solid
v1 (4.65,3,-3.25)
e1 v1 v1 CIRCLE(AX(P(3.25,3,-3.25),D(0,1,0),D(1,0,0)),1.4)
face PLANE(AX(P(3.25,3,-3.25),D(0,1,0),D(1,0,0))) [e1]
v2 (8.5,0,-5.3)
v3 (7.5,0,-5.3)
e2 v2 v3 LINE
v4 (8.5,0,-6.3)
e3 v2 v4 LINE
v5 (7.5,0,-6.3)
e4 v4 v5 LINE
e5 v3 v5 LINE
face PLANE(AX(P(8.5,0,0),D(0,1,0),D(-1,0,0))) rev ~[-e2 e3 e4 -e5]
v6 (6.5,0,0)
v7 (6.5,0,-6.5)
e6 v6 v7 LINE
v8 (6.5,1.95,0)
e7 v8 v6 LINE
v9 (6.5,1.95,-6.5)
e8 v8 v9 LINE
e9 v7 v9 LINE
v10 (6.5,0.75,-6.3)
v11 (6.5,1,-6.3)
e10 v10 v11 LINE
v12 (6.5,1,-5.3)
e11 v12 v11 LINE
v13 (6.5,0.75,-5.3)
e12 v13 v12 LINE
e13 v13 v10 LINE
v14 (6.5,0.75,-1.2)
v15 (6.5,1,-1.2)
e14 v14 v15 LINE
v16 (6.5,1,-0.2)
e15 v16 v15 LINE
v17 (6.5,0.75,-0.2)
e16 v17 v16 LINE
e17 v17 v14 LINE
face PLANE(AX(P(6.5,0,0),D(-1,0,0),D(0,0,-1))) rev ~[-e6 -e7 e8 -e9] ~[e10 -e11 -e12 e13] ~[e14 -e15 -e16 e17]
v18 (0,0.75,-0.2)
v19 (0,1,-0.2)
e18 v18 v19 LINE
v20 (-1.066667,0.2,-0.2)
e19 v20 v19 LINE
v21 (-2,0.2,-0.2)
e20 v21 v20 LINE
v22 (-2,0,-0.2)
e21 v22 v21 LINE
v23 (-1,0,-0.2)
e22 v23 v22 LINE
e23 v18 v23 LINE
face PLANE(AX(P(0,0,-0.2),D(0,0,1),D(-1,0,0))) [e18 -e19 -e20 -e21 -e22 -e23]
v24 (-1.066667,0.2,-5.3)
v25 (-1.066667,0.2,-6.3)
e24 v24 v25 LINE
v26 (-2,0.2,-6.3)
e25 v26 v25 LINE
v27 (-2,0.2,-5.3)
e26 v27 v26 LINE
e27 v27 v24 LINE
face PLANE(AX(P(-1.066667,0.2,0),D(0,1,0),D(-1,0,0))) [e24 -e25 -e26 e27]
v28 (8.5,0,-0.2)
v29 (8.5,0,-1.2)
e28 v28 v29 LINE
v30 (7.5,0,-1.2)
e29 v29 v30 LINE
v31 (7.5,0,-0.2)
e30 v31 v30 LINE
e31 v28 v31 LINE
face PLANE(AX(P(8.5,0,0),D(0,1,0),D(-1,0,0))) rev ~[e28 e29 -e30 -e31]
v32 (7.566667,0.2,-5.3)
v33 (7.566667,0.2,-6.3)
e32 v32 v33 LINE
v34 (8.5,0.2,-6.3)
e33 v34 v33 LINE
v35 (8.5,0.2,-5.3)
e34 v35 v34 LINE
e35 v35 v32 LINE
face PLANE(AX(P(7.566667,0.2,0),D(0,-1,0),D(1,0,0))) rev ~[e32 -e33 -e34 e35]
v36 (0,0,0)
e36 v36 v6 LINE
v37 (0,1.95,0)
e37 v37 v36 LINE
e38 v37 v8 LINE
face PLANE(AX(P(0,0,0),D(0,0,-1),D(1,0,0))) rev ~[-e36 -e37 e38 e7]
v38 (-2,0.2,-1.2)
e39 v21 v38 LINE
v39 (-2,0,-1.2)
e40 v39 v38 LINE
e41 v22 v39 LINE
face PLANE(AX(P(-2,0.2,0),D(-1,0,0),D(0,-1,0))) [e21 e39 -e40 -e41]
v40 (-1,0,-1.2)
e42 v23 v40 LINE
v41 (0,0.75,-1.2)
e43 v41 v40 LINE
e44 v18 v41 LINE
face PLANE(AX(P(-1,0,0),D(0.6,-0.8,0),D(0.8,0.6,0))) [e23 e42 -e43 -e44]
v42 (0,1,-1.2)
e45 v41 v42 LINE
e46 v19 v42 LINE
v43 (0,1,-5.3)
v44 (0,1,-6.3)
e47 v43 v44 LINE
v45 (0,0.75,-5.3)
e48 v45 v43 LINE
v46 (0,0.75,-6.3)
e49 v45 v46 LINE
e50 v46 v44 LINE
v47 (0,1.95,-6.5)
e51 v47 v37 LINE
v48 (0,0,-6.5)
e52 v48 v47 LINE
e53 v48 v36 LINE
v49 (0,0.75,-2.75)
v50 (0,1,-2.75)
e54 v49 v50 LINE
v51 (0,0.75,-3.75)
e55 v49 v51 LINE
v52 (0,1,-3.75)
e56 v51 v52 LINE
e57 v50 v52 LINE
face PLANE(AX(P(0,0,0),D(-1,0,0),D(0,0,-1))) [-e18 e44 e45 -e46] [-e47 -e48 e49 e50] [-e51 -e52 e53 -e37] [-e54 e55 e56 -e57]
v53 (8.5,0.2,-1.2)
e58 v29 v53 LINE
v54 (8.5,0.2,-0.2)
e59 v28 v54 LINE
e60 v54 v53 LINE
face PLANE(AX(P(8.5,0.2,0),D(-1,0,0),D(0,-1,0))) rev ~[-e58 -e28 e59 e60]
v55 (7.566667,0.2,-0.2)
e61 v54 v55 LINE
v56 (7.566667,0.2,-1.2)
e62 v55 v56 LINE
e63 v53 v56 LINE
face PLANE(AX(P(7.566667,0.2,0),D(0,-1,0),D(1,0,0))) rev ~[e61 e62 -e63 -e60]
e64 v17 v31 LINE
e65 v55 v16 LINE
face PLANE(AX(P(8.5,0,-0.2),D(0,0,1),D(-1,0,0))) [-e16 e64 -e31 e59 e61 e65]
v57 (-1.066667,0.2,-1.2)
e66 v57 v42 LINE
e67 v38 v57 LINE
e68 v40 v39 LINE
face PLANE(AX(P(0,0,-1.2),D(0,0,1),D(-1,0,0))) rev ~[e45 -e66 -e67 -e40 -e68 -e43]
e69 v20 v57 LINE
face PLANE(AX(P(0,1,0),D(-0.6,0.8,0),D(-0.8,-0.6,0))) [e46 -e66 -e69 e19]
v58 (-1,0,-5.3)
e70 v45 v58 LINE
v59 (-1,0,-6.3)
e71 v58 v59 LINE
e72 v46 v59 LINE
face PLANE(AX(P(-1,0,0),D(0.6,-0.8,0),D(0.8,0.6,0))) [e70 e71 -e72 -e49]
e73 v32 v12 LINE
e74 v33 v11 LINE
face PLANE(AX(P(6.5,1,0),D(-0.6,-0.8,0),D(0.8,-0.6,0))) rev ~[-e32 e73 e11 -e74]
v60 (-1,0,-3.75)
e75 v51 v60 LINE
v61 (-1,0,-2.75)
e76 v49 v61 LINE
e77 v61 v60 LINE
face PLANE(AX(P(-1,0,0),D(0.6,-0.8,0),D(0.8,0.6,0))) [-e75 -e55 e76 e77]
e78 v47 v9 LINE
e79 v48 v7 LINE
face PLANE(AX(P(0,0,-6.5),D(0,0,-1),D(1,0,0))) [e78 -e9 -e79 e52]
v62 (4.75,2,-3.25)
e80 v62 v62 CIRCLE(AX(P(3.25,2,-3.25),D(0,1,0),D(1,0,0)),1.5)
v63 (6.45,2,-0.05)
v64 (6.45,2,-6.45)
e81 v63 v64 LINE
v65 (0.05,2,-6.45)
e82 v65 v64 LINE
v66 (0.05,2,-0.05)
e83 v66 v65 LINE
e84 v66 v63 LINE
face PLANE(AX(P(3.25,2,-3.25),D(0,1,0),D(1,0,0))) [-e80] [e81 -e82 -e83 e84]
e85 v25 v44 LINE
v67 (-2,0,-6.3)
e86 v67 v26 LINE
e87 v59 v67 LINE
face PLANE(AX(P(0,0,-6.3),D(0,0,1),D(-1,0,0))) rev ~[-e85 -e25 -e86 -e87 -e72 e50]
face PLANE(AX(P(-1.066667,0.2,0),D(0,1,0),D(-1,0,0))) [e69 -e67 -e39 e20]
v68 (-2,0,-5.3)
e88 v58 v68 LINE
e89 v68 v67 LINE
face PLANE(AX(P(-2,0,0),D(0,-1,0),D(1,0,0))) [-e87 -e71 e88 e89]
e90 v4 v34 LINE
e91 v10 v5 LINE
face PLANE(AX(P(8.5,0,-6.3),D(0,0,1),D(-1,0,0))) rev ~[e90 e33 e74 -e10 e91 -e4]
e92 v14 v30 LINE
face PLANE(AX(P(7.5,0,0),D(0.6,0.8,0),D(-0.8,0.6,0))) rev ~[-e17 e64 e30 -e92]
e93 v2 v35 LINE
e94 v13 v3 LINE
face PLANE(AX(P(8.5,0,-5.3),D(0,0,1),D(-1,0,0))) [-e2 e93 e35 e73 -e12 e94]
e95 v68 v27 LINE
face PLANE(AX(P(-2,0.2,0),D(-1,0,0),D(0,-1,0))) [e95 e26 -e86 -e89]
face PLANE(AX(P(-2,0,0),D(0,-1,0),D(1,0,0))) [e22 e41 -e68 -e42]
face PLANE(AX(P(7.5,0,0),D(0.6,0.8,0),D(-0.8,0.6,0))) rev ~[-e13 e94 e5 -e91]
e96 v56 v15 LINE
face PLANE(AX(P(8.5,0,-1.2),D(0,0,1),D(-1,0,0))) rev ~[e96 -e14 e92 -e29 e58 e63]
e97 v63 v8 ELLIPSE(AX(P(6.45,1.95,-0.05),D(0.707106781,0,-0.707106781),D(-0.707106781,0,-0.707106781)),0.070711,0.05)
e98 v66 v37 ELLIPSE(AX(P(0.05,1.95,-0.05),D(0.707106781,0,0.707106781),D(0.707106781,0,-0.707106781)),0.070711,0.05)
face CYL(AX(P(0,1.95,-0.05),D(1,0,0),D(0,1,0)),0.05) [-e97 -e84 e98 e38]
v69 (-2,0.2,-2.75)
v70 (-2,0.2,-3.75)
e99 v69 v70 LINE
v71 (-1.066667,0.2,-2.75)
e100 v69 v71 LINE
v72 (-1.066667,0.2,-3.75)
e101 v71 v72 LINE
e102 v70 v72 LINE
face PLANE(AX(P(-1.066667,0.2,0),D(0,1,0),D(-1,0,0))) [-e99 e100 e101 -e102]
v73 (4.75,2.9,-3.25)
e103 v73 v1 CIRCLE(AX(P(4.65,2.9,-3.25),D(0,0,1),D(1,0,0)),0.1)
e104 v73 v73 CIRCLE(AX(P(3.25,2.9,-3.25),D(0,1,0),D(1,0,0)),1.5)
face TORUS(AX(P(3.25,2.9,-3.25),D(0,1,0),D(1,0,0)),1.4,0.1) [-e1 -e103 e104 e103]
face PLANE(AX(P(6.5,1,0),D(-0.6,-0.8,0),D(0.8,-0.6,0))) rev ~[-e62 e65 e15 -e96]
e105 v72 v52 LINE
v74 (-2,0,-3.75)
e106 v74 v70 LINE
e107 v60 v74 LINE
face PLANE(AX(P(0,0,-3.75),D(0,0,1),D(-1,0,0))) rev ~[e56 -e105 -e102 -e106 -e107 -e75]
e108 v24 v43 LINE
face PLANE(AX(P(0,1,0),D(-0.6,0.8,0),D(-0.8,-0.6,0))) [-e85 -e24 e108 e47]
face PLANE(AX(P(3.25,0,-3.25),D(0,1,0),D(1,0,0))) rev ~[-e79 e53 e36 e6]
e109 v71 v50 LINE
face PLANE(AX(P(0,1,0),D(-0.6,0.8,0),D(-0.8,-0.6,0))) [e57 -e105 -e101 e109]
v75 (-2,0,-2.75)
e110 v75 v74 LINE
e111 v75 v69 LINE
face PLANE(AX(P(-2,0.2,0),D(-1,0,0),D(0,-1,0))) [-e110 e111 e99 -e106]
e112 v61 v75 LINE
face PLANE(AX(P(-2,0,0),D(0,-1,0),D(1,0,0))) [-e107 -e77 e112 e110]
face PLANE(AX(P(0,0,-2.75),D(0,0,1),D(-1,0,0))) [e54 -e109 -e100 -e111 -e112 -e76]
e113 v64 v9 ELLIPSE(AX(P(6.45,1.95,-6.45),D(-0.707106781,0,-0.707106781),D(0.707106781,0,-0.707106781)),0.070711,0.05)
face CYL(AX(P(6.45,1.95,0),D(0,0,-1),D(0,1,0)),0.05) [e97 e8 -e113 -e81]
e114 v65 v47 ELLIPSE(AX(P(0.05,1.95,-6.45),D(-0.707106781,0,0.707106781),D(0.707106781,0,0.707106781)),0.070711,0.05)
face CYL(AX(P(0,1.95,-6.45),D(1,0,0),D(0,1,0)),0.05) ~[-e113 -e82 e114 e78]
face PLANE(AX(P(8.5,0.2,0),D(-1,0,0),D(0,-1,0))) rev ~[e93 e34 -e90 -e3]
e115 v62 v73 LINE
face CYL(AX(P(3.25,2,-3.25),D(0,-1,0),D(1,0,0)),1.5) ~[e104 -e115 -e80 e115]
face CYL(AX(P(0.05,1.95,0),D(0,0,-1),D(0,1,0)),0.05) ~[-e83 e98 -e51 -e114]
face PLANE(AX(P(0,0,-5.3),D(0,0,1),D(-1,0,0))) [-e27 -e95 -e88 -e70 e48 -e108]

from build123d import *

# Parameters (mm, degrees)
SKETCH1_W           = 6.5
SKETCH1_H           = 6.5
BOSS_EXTRUDE1_DEPTH = 2
SKETCH2_R           = 1.5
BOSS_EXTRUDE2_DEPTH = 1
FILLET1_R           = 0.1
FILLET2_R           = 0.05
BOSS_EXTRUDE3_DEPTH = 6.5
SKETCH4_W           = 2
SKETCH4_H           = 1.55
SKETCH4_H_2         = 4.1
SKETCH4_H_3         = 0.2
CUT_EXTRUDE1_DEPTH  = 4


with BuildPart() as part:
    # Sketch1 → Boss-Extrude1 (new body)
    with BuildSketch(Plane(origin=(0, 0, 0), x_dir=(1, 0, 0), z_dir=(0, 1, 0))):
        with Locations((3.25, 3.25)):
            Rectangle(SKETCH1_W, SKETCH1_H)
    extrude(amount=BOSS_EXTRUDE1_DEPTH)

    # Sketch2 → Boss-Extrude2 (add)
    with BuildSketch(Plane(origin=(0, 2, 0), x_dir=(1, 0, 0), z_dir=(0, 1, 0))):
        with Locations((3.25, 3.25)):
            Circle(SKETCH2_R)
    extrude(amount=BOSS_EXTRUDE2_DEPTH)

    # Fillet1
    fillet1_edges = [part.edges().sort_by_distance(p)[0] for p in [
        (1.75, 3, -3.25),
    ]]
    fillet(fillet1_edges, radius=FILLET1_R)

    # Fillet2
    fillet2_edges = [part.edges().sort_by_distance(p)[0] for p in [
        (6.5, 2, -3.25),
        (3.25, 2, -6.5),
        (0, 2, -3.25),
        (3.25, 2, 0),
    ]]
    fillet(fillet2_edges, radius=FILLET2_R)

    # Sketch3 → Boss-Extrude3 (add, through all)
    with BuildSketch(Plane.XY):
        Polygon((6.5, 1), (7.566666667, 0.2), (8.5, 0.2), (8.5, 0), (7.5, 0), (6.5, 0.75), align=None)
        Polygon((-2, 0), (-1, 0), (0, 0.75), (0, 1), (-1.066666667, 0.2), (-2, 0.2), align=None)
    extrude(amount=-BOSS_EXTRUDE3_DEPTH)

    # Sketch4 → Cut-Extrude1 (cut, through all)
    with BuildSketch(Plane(origin=(0, 0, 0), x_dir=(-1, 0, 0), z_dir=(0, -1, 0))):
        with Locations((1, 1.975)):
            Rectangle(SKETCH4_W, SKETCH4_H)
        with Locations((1, 4.525)):
            Rectangle(SKETCH4_W, SKETCH4_H)
        with Locations((-7.5, 3.25)):
            Rectangle(SKETCH4_W, SKETCH4_H_2)
        with Locations((1, 0.1)):
            Rectangle(SKETCH4_W, SKETCH4_H_3)
        with Locations((1, 6.4)):
            Rectangle(SKETCH4_W, SKETCH4_H_3)
        with Locations((-7.5, 6.4)):
            Rectangle(SKETCH4_W, SKETCH4_H_3)
        with Locations((-7.5, 0.1)):
            Rectangle(SKETCH4_W, SKETCH4_H_3)
    extrude(amount=-CUT_EXTRUDE1_DEPTH, mode=Mode.SUBTRACT)


solid = part.part
